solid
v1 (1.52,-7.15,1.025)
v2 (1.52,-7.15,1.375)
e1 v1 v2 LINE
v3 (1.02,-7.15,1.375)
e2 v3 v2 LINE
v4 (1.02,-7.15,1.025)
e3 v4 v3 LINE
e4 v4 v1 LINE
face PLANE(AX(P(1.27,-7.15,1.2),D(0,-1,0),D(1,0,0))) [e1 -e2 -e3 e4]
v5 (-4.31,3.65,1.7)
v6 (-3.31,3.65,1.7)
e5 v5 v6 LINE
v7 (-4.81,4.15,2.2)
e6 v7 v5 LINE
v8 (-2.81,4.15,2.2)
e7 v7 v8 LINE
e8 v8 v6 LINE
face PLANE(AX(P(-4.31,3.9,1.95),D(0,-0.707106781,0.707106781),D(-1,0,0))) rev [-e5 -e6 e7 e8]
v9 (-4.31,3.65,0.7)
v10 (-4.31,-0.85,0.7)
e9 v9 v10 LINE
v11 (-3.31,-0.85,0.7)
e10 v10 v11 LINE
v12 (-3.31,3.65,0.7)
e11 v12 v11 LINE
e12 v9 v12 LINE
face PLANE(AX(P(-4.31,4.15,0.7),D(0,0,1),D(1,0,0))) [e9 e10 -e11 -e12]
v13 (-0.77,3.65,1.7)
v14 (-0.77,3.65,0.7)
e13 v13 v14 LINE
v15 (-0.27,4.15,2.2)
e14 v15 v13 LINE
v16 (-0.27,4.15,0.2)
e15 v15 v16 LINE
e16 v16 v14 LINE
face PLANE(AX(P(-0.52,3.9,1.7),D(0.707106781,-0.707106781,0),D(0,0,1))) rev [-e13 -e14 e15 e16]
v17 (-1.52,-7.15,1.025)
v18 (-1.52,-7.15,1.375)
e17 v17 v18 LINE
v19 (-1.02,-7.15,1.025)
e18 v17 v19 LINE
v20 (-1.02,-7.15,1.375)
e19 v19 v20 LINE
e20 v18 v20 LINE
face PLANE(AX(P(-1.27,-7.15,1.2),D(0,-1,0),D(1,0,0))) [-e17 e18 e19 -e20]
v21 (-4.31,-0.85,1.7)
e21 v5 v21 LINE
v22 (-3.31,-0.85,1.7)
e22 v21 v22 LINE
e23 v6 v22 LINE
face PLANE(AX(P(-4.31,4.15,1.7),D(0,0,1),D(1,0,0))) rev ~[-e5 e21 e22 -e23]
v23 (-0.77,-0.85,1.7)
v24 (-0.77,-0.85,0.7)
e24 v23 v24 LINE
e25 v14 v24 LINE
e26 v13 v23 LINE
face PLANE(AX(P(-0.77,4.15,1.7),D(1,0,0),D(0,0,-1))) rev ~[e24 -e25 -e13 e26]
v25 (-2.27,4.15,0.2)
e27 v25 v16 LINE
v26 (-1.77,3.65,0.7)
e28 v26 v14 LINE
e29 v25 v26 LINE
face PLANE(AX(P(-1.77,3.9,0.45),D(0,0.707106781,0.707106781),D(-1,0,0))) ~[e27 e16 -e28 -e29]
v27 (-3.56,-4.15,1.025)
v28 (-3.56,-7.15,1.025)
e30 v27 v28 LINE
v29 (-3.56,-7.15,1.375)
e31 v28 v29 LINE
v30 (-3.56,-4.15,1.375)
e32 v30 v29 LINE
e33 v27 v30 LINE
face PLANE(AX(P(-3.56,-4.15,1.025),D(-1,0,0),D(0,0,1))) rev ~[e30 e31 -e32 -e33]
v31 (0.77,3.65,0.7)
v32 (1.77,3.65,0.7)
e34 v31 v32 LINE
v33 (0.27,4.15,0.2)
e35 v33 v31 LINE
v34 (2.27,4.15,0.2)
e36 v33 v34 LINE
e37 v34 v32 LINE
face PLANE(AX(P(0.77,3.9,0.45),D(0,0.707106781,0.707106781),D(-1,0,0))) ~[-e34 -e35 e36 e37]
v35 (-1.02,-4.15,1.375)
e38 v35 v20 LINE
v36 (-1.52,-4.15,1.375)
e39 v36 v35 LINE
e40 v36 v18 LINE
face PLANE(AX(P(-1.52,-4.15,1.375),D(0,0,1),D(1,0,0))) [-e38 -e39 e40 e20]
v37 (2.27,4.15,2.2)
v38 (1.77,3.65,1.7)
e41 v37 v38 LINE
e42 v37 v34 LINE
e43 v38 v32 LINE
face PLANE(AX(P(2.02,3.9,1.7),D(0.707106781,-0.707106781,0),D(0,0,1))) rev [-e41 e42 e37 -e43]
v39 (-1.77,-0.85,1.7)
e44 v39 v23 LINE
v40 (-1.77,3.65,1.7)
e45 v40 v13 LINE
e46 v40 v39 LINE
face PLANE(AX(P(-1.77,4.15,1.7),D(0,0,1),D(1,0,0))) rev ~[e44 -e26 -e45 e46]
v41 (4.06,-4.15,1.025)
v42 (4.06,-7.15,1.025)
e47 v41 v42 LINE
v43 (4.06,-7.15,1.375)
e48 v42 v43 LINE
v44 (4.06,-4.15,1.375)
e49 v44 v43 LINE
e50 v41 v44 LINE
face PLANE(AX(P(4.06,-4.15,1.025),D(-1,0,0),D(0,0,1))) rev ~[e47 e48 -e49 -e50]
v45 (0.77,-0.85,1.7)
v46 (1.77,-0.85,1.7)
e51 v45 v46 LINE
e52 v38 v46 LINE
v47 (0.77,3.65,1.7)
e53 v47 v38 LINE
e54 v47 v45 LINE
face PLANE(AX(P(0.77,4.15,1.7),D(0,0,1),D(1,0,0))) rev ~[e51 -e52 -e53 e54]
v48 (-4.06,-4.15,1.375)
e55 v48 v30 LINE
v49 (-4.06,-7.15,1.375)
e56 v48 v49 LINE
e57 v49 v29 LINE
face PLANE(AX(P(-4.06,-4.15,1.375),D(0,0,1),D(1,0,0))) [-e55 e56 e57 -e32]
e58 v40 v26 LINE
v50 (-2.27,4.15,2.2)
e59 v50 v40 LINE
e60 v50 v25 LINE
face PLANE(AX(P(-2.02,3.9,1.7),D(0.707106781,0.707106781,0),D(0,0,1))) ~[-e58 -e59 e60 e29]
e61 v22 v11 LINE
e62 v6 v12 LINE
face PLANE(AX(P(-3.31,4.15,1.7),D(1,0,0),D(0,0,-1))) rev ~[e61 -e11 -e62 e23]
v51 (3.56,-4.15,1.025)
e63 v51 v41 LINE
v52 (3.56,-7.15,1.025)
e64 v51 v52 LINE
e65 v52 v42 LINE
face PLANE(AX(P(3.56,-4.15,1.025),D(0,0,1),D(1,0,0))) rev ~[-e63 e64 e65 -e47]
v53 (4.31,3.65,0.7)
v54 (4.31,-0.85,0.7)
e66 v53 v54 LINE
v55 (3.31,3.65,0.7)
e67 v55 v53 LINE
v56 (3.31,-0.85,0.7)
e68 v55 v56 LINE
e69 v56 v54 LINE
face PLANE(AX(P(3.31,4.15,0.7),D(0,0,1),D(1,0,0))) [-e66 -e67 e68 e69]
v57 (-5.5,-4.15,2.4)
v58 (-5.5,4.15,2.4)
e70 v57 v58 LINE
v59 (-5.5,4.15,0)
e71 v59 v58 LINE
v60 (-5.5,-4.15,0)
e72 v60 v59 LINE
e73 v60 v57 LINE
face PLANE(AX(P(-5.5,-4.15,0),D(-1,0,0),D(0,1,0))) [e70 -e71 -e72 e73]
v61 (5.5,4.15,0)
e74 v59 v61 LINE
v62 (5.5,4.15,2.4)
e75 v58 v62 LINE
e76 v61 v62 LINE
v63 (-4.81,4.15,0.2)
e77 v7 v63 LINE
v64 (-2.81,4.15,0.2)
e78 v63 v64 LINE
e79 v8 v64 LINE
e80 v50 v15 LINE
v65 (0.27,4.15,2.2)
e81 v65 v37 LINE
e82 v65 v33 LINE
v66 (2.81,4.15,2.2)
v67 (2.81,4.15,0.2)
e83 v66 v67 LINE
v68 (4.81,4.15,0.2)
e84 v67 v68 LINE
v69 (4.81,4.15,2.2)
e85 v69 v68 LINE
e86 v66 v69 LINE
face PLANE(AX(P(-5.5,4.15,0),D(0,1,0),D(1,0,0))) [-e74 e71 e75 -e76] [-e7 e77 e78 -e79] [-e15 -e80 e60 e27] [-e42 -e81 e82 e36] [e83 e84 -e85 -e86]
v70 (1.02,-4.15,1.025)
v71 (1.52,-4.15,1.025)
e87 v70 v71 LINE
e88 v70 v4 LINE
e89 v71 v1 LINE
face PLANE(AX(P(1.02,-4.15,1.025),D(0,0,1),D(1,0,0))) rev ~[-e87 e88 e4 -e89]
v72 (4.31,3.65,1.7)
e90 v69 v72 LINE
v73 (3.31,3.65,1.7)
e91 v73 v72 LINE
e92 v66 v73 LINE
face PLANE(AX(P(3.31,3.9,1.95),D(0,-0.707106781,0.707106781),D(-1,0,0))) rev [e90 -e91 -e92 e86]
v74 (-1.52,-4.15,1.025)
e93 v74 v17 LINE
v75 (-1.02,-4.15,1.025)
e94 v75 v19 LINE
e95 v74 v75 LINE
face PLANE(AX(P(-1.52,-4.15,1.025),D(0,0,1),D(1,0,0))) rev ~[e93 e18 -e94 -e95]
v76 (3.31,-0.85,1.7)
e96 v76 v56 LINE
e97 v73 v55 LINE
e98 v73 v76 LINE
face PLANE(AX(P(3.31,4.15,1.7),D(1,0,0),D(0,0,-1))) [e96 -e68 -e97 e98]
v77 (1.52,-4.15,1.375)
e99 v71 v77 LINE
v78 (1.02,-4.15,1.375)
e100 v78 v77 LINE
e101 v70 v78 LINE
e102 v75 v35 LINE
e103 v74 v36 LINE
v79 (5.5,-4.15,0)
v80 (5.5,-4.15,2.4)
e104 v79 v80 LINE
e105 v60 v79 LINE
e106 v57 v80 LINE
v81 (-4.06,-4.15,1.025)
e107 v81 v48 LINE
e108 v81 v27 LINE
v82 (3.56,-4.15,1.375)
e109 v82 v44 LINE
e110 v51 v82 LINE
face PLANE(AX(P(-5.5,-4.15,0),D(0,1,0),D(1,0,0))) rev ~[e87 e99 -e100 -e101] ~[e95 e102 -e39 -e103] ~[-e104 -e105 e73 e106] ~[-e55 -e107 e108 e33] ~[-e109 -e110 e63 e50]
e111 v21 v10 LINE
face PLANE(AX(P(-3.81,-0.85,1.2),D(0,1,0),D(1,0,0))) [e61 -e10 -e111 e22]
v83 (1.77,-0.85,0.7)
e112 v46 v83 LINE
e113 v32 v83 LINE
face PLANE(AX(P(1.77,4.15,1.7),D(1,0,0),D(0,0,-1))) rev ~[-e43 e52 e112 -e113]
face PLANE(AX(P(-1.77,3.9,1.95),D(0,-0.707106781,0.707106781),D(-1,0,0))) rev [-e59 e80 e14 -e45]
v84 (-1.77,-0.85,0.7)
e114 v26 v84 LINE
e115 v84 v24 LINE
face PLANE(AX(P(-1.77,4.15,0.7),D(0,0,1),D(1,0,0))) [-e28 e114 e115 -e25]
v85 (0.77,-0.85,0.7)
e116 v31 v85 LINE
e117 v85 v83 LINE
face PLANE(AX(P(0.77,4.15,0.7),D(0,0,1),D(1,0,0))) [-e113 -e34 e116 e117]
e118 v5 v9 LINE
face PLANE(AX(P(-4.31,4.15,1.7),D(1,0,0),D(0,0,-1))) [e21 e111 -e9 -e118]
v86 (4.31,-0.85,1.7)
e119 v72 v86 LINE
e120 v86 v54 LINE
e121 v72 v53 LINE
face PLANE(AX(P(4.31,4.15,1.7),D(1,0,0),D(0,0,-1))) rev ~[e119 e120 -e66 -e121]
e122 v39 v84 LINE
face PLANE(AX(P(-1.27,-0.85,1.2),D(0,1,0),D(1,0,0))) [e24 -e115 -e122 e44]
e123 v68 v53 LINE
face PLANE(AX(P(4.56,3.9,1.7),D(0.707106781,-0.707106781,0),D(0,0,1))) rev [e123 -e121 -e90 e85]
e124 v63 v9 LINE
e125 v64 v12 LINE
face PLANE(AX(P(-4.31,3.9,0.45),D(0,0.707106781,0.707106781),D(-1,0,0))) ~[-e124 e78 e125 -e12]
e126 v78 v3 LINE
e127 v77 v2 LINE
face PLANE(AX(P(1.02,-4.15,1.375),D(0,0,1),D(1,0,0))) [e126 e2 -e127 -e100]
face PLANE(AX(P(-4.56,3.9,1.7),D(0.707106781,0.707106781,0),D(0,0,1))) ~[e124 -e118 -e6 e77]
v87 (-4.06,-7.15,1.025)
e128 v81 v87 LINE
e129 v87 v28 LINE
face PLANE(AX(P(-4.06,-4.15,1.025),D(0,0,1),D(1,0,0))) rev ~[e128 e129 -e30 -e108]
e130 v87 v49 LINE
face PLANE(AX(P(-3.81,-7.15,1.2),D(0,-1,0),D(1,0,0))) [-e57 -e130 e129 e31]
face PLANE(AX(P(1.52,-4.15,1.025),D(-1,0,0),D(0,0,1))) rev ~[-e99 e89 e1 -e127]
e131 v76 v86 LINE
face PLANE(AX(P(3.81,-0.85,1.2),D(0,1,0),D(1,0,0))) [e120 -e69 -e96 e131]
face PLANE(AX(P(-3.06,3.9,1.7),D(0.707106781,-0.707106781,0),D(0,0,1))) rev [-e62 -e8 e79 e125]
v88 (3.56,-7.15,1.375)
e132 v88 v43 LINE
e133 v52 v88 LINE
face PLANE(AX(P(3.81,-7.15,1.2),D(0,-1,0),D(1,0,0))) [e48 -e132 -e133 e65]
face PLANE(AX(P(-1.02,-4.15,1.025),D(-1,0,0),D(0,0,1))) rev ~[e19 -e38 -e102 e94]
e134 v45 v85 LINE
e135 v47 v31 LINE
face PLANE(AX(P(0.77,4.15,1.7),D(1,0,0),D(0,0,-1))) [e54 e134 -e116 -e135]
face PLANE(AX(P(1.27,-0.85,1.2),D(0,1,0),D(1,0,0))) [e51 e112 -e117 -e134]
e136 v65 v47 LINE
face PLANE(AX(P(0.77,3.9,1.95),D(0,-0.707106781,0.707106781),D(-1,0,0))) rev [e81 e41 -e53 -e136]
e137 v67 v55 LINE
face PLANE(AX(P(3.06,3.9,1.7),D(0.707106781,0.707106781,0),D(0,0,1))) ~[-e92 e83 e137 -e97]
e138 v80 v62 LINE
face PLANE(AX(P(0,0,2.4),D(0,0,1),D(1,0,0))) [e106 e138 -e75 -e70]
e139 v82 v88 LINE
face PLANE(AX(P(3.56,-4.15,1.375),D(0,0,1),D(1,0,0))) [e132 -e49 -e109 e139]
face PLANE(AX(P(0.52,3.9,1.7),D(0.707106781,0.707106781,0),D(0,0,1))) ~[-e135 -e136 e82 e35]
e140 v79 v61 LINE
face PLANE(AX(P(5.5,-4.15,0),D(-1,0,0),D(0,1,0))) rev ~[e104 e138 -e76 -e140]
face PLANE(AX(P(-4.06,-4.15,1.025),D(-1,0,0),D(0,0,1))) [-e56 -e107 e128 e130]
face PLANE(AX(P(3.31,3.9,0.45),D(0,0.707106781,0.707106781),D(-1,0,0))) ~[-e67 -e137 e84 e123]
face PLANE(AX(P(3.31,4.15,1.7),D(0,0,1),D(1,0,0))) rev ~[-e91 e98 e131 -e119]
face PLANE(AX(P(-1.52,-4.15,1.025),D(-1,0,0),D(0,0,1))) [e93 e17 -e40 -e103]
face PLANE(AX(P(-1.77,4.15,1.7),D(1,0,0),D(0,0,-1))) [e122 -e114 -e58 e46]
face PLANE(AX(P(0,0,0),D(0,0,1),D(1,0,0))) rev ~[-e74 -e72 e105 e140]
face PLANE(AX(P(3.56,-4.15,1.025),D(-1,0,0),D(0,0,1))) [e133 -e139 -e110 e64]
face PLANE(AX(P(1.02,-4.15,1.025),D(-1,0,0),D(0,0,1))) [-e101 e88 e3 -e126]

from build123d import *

# Parameters (mm, degrees)
SKETCH3_W           = 11
SKETCH3_H           = 8.3
BOSS_EXTRUDE1_DEPTH = 2.4
SKETCH5_W           = 1
SKETCH5_H           = 1
CUT_EXTRUDE1_DEPTH  = 5
CHAMFER1_SIZE       = 0.5
SKETCH4_W           = 0.5
SKETCH4_H           = 0.35
BOSS_EXTRUDE2_DEPTH = 3


with BuildPart() as part:
    # Sketch3 → Boss-Extrude1 (new body)
    with BuildSketch(Plane.XY):
        Rectangle(SKETCH3_W, SKETCH3_H)
    extrude(amount=BOSS_EXTRUDE1_DEPTH)

    # Sketch5 → Cut-Extrude1 (cut)
    with BuildSketch(Plane(origin=(0, 4.15, 0), x_dir=(1, 0, 0), z_dir=(0, 1, 0))):
        with Locations((-3.81, -1.2)):
            Rectangle(SKETCH5_W, SKETCH5_H)
        with Locations((-1.27, -1.2)):
            Rectangle(SKETCH5_W, SKETCH5_H)
        with Locations((1.27, -1.2)):
            Rectangle(SKETCH5_W, SKETCH5_H)
        with Locations((3.81, -1.2)):
            Rectangle(SKETCH5_W, SKETCH5_H)
    extrude(amount=-CUT_EXTRUDE1_DEPTH, mode=Mode.SUBTRACT)

    # Chamfer1
    chamfer1_edges = [part.edges().sort_by_distance(p)[0] for p in [
        (-3.31, 4.15, 1.2),
        (-3.81, 4.15, 0.7),
        (-4.31, 4.15, 1.2),
        (-3.81, 4.15, 1.7),
        (-1.27, 4.15, 1.7),
        (-0.77, 4.15, 1.2),
        (-1.27, 4.15, 0.7),
        (-1.77, 4.15, 1.2),
        (1.27, 4.15, 1.7),
        (1.77, 4.15, 1.2),
        (1.27, 4.15, 0.7),
        (0.77, 4.15, 1.2),
        (3.81, 4.15, 1.7),
        (4.31, 4.15, 1.2),
        (3.81, 4.15, 0.7),
        (3.31, 4.15, 1.2),
    ]]
    chamfer(chamfer1_edges, length=CHAMFER1_SIZE)

    # Sketch4 → Boss-Extrude2 (add)
    with BuildSketch(Plane.XZ.offset(4.15)):
        with Locations((-1.27, 1.2)):
            Rectangle(SKETCH4_W, SKETCH4_H)
        with Locations((-3.81, 1.2)):
            Rectangle(SKETCH4_W, SKETCH4_H)
        with Locations((1.27, 1.2)):
            Rectangle(SKETCH4_W, SKETCH4_H)
        with Locations((3.81, 1.2)):
            Rectangle(SKETCH4_W, SKETCH4_H)
    extrude(amount=BOSS_EXTRUDE2_DEPTH)


solid = part.part
